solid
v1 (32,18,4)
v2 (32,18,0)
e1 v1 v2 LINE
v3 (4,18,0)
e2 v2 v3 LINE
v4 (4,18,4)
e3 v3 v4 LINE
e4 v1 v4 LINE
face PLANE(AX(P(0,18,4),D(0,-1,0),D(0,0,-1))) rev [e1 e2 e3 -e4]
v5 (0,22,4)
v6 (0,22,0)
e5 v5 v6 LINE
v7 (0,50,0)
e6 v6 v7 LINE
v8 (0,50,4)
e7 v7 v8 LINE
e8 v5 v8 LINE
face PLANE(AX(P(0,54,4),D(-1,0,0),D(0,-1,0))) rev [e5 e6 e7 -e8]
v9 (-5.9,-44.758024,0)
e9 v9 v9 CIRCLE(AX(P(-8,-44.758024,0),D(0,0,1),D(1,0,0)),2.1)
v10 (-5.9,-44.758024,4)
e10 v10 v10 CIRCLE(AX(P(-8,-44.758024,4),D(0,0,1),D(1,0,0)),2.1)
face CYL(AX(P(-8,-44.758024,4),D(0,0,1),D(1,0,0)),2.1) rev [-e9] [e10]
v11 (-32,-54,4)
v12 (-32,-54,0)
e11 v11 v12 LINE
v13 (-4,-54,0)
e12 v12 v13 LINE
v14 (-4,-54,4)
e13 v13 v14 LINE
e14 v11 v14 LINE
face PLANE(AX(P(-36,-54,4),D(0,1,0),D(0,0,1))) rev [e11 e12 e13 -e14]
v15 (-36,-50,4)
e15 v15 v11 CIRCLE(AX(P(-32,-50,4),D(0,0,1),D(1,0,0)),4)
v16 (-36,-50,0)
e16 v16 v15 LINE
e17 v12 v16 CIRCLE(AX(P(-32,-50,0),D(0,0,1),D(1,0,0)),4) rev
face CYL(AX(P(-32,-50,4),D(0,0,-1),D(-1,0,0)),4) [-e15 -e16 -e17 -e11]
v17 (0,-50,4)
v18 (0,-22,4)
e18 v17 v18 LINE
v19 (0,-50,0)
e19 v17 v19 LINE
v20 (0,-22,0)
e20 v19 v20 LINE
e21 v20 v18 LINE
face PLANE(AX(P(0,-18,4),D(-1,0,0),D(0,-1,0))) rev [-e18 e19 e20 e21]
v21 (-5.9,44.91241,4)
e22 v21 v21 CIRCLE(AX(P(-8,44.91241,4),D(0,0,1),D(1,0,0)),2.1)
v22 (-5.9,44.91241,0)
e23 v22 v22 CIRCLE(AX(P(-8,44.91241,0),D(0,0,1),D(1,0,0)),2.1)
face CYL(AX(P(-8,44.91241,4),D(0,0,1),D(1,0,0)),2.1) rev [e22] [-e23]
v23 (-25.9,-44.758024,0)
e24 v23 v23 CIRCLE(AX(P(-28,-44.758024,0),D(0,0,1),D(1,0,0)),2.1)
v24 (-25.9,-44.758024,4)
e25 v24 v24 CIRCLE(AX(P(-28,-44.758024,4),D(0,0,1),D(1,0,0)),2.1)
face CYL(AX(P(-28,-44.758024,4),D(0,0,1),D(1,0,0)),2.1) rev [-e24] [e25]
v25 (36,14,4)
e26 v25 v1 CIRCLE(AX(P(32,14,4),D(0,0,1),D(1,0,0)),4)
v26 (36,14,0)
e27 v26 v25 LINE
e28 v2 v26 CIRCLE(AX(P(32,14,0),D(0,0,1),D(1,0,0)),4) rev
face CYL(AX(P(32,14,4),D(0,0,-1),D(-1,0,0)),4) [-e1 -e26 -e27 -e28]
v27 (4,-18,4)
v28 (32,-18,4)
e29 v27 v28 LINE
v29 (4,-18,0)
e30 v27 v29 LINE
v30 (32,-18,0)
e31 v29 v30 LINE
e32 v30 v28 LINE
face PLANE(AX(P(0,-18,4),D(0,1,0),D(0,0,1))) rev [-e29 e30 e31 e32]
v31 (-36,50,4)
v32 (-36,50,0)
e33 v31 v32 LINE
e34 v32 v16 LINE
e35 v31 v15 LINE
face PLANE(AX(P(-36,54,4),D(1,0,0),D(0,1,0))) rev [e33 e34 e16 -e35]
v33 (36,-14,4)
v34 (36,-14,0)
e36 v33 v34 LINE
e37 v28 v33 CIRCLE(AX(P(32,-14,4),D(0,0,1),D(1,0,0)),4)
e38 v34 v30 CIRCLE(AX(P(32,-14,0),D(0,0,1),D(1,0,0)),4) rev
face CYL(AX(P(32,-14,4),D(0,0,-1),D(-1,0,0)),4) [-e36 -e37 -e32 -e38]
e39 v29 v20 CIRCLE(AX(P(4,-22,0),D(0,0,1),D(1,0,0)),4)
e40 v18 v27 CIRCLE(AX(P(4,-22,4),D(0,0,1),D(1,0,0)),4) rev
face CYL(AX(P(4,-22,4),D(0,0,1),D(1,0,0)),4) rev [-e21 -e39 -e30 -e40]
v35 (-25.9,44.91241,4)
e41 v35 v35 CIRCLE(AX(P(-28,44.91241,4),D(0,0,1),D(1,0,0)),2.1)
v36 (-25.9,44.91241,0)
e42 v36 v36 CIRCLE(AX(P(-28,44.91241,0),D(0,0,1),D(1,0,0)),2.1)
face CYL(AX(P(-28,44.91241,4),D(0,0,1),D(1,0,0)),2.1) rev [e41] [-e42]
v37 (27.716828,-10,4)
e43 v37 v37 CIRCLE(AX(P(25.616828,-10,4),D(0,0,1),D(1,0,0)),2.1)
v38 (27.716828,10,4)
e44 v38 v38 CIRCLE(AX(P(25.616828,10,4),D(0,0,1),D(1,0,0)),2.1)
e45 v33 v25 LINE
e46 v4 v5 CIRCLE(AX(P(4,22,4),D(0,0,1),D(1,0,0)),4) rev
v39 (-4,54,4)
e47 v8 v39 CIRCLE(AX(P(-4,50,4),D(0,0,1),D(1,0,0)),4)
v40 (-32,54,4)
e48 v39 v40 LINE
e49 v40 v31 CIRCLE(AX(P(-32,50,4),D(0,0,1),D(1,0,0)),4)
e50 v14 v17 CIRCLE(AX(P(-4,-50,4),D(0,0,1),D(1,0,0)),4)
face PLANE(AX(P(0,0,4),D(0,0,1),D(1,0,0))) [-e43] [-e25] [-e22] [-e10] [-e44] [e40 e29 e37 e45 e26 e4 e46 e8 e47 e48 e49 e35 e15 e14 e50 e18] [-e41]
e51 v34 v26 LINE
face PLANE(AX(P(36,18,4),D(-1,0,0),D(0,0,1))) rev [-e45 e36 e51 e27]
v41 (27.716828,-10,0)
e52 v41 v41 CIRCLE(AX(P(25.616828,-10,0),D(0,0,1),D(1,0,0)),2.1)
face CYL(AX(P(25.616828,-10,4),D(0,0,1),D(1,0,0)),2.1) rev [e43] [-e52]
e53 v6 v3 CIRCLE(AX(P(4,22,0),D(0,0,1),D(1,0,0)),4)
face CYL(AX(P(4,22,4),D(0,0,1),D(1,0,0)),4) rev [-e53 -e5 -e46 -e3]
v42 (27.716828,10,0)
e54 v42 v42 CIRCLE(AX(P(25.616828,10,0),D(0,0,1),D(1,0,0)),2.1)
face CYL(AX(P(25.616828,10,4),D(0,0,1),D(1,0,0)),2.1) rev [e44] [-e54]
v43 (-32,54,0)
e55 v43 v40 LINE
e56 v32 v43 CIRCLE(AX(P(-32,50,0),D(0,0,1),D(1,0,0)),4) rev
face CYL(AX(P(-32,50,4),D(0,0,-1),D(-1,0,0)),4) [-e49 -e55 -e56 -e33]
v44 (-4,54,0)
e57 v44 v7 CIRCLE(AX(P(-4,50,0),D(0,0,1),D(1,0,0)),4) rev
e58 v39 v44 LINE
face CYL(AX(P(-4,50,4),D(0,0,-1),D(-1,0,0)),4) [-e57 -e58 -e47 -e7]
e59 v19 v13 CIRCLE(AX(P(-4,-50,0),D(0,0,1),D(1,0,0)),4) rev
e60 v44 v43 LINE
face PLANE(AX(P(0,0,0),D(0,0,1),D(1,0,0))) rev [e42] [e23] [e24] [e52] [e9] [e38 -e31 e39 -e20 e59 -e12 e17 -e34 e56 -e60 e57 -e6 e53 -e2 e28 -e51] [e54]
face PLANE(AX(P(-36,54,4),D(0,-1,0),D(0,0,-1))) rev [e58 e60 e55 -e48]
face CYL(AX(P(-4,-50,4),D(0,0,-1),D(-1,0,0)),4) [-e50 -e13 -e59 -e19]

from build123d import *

# Parameters (mm, degrees)
BOSS_EXTRUDE1_DEPTH   = 4
M5X0_8_TAPPED_HOLE1_D = 4.2
FILLET1_R             = 4


with BuildPart() as part:
    # Sketch1 → Boss-Extrude1 (new body)
    with BuildSketch(Plane.XY):
        Polygon((0, -18), (0, -54), (-36, -54), (-36, 54), (0, 54), (0, 18), (36, 18), (36, -18), align=None)
    extrude(amount=BOSS_EXTRUDE1_DEPTH)

    # M5x0.8 Tapped Hole1 (through all)
    with Locations(Plane.XY.offset(4)):
        with Locations((-28, 44.91241041), (-8, 44.91241041), (25.616827634, 10), (25.616827634, -10), (-28, -44.758024198), (-8, -44.758024198)):
            Hole(M5X0_8_TAPPED_HOLE1_D / 2)

    # Fillet1
    fillet1_edges = [part.edges().sort_by_distance(p)[0] for p in [
        (-36, 54, 2),
        (0, 54, 2),
        (0, 18, 2),
        (36, 18, 2),
        (36, -18, 2),
        (0, -18, 2),
        (0, -54, 2),
        (-36, -54, 2),
    ]]
    fillet(fillet1_edges, radius=FILLET1_R)


solid = part.part
